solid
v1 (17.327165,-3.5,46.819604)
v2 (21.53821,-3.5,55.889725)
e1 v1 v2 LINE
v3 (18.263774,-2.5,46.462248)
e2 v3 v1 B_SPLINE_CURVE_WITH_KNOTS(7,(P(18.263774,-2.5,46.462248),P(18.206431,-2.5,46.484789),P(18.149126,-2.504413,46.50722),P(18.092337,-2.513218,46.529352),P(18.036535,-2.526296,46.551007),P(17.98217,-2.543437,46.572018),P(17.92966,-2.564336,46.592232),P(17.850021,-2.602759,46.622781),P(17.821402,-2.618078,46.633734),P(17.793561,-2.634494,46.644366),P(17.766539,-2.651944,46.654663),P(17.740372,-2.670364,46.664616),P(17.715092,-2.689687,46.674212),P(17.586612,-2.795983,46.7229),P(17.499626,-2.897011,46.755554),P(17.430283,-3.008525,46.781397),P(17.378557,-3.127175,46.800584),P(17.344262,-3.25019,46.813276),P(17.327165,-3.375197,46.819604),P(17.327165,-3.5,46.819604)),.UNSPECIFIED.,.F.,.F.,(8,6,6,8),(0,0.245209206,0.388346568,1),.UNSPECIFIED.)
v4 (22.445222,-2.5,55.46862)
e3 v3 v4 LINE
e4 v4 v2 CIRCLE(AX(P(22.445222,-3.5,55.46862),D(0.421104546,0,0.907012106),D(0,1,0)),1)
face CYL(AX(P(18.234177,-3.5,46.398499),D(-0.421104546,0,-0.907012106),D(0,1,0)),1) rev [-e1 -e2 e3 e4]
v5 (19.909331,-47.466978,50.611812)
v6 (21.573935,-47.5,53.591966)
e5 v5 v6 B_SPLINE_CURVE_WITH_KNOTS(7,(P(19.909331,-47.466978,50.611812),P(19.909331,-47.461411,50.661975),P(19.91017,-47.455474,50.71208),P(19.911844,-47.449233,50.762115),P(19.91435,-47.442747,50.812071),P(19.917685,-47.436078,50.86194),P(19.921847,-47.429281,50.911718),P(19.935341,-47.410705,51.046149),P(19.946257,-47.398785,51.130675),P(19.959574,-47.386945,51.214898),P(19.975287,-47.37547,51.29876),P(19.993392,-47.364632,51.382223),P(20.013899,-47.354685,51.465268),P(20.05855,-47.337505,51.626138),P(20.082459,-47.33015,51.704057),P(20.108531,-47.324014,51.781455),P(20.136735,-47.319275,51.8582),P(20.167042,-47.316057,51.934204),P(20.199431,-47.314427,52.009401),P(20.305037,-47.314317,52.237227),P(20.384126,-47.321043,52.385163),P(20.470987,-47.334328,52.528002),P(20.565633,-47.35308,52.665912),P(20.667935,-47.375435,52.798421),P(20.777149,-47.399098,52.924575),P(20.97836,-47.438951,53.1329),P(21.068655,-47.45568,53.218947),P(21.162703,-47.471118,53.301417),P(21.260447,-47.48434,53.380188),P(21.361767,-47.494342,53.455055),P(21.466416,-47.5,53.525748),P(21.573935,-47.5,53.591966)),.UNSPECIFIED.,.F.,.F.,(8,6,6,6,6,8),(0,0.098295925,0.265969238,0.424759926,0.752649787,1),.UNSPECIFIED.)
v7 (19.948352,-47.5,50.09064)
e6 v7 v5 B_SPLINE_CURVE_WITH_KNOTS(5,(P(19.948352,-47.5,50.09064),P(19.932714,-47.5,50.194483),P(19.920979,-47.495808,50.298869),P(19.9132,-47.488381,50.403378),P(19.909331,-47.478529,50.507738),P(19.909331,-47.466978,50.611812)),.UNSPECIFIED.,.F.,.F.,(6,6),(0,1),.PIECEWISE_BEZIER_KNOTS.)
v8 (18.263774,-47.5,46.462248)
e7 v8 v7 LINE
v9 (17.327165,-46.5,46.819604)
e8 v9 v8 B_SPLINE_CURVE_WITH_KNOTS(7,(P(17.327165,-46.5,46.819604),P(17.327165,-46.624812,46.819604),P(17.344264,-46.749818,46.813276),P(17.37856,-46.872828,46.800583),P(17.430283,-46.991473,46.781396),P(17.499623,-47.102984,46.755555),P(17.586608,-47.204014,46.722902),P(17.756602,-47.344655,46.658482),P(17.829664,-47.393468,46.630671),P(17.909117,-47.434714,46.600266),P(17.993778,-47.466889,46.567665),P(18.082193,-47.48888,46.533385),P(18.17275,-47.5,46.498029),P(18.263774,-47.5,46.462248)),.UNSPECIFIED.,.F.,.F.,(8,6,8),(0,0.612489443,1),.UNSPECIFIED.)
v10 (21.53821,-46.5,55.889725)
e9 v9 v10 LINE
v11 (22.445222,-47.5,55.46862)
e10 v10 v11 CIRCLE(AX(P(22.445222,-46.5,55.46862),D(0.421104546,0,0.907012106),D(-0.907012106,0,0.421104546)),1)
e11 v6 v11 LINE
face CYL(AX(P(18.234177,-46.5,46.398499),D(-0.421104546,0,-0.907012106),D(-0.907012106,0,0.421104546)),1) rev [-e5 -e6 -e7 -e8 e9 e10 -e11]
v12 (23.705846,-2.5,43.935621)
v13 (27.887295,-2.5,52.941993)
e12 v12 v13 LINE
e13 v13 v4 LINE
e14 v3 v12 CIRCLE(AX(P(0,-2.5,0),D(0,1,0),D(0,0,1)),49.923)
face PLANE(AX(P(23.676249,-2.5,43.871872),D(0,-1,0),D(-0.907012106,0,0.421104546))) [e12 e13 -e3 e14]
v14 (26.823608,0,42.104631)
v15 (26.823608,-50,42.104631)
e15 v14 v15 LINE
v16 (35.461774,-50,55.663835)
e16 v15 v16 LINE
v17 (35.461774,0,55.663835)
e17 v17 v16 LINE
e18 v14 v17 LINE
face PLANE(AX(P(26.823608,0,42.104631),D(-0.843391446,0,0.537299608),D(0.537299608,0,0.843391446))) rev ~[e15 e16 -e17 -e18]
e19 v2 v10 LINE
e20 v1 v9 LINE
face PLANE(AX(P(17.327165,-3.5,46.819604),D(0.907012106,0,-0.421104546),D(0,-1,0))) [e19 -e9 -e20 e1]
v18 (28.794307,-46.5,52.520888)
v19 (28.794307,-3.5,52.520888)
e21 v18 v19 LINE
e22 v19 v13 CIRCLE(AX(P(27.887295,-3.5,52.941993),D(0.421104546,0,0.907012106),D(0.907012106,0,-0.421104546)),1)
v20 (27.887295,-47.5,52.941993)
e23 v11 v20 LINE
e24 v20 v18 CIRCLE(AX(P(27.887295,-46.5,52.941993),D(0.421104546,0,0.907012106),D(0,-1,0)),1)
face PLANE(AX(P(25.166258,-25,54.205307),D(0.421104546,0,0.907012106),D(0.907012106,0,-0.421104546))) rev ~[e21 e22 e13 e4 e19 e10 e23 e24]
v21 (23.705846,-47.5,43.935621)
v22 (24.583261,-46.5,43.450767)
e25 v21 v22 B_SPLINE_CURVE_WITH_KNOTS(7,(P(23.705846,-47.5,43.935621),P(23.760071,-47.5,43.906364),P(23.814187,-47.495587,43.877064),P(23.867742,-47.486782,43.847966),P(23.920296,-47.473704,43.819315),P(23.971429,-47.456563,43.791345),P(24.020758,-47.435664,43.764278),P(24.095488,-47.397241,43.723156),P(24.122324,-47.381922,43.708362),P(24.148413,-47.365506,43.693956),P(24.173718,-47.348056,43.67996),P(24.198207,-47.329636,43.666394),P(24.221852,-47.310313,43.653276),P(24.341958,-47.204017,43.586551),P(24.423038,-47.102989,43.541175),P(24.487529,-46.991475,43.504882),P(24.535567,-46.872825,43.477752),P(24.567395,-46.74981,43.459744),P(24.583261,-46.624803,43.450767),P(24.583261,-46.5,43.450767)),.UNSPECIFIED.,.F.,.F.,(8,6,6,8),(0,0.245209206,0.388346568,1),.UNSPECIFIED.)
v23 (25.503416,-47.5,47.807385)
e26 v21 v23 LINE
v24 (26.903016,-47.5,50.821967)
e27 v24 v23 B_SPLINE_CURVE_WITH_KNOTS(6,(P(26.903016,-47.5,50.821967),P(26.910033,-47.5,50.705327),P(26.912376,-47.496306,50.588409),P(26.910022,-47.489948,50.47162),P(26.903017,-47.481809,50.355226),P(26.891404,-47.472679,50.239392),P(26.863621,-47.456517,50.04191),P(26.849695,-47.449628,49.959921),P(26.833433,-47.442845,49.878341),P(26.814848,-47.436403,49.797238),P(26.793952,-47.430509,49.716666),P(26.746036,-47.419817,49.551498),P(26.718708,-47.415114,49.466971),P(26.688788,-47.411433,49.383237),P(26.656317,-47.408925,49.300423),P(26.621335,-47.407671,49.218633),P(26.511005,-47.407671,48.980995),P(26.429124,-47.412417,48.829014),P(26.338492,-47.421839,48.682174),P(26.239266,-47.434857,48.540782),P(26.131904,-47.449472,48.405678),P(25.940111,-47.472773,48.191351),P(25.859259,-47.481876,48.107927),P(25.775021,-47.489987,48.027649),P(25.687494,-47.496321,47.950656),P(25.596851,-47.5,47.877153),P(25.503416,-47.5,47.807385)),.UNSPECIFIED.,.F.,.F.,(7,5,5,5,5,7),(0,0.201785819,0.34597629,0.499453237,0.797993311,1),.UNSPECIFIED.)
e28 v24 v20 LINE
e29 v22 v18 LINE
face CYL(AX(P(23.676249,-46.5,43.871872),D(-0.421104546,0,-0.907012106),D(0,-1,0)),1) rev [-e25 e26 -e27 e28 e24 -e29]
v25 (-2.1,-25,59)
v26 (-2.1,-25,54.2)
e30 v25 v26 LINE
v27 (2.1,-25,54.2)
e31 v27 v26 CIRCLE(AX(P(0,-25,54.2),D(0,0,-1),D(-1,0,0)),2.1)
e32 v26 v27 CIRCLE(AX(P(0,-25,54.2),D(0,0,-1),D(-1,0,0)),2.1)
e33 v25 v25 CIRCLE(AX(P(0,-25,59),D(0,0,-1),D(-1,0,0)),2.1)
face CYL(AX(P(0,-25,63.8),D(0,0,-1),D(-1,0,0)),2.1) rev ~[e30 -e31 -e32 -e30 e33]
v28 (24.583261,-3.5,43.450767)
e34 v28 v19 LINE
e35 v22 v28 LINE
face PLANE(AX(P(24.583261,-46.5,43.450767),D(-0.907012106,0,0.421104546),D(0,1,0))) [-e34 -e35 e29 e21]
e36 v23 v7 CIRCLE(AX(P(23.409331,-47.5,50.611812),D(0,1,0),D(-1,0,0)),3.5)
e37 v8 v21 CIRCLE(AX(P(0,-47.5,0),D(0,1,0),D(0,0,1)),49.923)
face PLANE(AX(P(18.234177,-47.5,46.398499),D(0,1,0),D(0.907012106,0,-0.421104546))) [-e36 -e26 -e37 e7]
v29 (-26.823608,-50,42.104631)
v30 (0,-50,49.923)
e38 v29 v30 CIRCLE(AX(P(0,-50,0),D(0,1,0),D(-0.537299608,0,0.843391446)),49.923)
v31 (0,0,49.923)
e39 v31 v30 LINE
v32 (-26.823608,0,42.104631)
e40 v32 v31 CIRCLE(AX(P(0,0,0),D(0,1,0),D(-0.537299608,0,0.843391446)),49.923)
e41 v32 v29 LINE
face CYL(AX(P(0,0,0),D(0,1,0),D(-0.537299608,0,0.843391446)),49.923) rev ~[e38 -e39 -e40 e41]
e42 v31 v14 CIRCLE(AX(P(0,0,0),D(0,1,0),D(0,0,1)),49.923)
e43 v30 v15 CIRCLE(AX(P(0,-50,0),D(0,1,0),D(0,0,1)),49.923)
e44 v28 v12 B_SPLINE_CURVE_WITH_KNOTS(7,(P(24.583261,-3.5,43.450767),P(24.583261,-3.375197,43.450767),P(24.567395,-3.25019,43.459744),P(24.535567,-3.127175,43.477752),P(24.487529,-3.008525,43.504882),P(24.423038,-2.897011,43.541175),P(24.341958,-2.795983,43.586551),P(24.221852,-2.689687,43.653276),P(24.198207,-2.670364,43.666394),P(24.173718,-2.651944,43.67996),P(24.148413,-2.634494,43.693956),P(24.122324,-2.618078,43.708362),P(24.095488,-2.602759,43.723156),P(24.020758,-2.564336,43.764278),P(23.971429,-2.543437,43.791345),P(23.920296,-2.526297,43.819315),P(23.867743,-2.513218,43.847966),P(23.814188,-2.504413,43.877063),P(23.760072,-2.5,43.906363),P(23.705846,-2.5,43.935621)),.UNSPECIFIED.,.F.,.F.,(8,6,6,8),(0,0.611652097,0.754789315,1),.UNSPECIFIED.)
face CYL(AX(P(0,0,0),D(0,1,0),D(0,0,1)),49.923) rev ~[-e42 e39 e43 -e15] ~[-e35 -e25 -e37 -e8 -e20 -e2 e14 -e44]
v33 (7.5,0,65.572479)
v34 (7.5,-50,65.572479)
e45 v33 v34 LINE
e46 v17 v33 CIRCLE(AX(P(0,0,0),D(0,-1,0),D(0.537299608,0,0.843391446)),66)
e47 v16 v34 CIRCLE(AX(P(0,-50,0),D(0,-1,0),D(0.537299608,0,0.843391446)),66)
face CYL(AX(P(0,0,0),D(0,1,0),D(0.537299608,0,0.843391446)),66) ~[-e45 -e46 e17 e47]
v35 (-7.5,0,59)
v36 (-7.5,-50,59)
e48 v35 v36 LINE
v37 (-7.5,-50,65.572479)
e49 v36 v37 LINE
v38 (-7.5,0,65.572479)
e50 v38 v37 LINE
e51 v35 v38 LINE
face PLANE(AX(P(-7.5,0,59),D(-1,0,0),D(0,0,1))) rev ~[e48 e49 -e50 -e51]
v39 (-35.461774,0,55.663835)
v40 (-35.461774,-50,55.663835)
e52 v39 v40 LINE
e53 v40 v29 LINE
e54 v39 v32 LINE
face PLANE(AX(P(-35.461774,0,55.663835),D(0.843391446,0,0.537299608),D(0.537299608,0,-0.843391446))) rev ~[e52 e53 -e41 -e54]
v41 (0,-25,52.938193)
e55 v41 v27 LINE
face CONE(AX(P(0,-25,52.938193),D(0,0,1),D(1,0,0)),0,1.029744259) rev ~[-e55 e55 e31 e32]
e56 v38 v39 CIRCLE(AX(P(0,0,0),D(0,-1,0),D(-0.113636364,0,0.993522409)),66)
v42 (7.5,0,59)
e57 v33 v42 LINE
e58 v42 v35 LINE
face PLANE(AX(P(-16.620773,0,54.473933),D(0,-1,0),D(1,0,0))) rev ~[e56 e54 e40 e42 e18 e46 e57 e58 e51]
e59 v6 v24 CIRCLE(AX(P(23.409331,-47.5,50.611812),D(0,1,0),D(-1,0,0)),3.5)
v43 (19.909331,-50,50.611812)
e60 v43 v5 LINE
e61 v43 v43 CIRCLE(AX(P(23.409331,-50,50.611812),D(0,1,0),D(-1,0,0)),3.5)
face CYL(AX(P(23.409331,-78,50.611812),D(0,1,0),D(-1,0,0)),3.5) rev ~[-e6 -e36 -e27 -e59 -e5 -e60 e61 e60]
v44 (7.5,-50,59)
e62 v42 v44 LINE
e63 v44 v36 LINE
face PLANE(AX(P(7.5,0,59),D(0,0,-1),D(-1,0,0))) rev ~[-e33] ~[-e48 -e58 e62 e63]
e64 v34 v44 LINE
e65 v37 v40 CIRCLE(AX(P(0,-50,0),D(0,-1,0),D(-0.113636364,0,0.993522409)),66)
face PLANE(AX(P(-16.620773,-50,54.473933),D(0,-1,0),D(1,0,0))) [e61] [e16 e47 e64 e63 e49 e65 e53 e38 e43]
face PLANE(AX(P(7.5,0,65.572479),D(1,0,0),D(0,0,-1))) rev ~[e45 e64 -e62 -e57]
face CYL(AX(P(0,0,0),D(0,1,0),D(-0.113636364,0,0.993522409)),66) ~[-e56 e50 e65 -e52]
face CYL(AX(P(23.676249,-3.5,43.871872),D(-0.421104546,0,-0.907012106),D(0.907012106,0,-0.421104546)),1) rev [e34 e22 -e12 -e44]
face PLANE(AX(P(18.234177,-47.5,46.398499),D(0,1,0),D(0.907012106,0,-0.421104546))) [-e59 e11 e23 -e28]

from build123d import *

# Parameters (mm, degrees)
F3_DEPTH  = 50
F7_DEPTH  = 10
F9_D      = 4.2
F9_DEPTH  = 4.8
F9_TIP    = 1.2618073
F11_D     = 7
F11_DEPTH = 28
F11_TIP   = 2.1030121666


with BuildPart() as f3:
    # F2 (on Front) → F3 (new body)
    with BuildSketch(Plane.XZ):
        with BuildLine():
            ThreePointArc((-26.8236083475, 42.1046311493), (-13.9699038675, 47.9285688805), (0, 49.923))
            Line((0, 49.923), (0, 59))
            Line((0, 59), (-7.5, 59))
            Line((-7.5, 59), (-7.5, 65.5724789832))
            ThreePointArc((-7.5, 65.5724789832), (-22.044813763, 62.2095345277), (-35.4617741509, 55.6638354237))
            Line((-35.4617741509, 55.6638354237), (-26.8236083475, 42.1046311493))
        make_face()
        with BuildLine():
            ThreePointArc((0, 49.923), (13.9699038675, 47.9285688805), (26.8236083475, 42.1046311493))
            Line((26.8236083475, 42.1046311493), (35.4617741509, 55.6638354237))
            ThreePointArc((35.4617741509, 55.6638354237), (22.044813763, 62.2095345277), (7.5, 65.5724789832))
            Line((7.5, 65.5724789832), (7.5, 59))
            Line((7.5, 59), (0, 59))
            Line((0, 59), (0, 49.923))
        make_face()
    extrude(amount=F3_DEPTH)

    # F6 (on line) → F7 (cut)
    with BuildSketch(Plane(origin=(20.9552129656, 0, 45.1351855936), x_dir=(0.9070121064, 0, -0.4211045463), z_dir=(0.4211045463, 0, 0.9070121064))):
        with BuildLine():
            ThreePointArc((3, -47.5), (3.7071067812, -47.2071067812), (4, -46.5))
            Line((4, -46.5), (4, -3.5))
            ThreePointArc((4, -3.5), (3.7071067812, -2.7928932188), (3, -2.5))
            Line((3, -2.5), (-3, -2.5))
            ThreePointArc((-3, -2.5), (-3.7071067812, -2.7928932188), (-4, -3.5))
            Line((-4, -3.5), (-4, -46.5))
            ThreePointArc((-4, -46.5), (-3.7071067812, -47.2071067812), (-3, -47.5))
            Line((-3, -47.5), (3, -47.5))
        make_face()
    extrude(amount=F7_DEPTH, mode=Mode.SUBTRACT)

    # F9
    with Locations(Plane.XY.offset(59)):
        with Locations((0, -25)):
            Hole(F9_D / 2, depth=F9_DEPTH)
            with Locations((0, 0, -(F9_DEPTH + F9_TIP / 2))):  # 118° drill point
                Cone(0, F9_D / 2, F9_TIP, mode=Mode.SUBTRACT)

    # F11
    with Locations(Plane.XZ.offset(50)):
        with Locations((23.4093313461, 50.6118115303)):
            Hole(F11_D / 2, depth=F11_DEPTH)
            with Locations((0, 0, -(F11_DEPTH + F11_TIP / 2))):  # 118° drill point
                Cone(0, F11_D / 2, F11_TIP, mode=Mode.SUBTRACT)


solid = f3.part
